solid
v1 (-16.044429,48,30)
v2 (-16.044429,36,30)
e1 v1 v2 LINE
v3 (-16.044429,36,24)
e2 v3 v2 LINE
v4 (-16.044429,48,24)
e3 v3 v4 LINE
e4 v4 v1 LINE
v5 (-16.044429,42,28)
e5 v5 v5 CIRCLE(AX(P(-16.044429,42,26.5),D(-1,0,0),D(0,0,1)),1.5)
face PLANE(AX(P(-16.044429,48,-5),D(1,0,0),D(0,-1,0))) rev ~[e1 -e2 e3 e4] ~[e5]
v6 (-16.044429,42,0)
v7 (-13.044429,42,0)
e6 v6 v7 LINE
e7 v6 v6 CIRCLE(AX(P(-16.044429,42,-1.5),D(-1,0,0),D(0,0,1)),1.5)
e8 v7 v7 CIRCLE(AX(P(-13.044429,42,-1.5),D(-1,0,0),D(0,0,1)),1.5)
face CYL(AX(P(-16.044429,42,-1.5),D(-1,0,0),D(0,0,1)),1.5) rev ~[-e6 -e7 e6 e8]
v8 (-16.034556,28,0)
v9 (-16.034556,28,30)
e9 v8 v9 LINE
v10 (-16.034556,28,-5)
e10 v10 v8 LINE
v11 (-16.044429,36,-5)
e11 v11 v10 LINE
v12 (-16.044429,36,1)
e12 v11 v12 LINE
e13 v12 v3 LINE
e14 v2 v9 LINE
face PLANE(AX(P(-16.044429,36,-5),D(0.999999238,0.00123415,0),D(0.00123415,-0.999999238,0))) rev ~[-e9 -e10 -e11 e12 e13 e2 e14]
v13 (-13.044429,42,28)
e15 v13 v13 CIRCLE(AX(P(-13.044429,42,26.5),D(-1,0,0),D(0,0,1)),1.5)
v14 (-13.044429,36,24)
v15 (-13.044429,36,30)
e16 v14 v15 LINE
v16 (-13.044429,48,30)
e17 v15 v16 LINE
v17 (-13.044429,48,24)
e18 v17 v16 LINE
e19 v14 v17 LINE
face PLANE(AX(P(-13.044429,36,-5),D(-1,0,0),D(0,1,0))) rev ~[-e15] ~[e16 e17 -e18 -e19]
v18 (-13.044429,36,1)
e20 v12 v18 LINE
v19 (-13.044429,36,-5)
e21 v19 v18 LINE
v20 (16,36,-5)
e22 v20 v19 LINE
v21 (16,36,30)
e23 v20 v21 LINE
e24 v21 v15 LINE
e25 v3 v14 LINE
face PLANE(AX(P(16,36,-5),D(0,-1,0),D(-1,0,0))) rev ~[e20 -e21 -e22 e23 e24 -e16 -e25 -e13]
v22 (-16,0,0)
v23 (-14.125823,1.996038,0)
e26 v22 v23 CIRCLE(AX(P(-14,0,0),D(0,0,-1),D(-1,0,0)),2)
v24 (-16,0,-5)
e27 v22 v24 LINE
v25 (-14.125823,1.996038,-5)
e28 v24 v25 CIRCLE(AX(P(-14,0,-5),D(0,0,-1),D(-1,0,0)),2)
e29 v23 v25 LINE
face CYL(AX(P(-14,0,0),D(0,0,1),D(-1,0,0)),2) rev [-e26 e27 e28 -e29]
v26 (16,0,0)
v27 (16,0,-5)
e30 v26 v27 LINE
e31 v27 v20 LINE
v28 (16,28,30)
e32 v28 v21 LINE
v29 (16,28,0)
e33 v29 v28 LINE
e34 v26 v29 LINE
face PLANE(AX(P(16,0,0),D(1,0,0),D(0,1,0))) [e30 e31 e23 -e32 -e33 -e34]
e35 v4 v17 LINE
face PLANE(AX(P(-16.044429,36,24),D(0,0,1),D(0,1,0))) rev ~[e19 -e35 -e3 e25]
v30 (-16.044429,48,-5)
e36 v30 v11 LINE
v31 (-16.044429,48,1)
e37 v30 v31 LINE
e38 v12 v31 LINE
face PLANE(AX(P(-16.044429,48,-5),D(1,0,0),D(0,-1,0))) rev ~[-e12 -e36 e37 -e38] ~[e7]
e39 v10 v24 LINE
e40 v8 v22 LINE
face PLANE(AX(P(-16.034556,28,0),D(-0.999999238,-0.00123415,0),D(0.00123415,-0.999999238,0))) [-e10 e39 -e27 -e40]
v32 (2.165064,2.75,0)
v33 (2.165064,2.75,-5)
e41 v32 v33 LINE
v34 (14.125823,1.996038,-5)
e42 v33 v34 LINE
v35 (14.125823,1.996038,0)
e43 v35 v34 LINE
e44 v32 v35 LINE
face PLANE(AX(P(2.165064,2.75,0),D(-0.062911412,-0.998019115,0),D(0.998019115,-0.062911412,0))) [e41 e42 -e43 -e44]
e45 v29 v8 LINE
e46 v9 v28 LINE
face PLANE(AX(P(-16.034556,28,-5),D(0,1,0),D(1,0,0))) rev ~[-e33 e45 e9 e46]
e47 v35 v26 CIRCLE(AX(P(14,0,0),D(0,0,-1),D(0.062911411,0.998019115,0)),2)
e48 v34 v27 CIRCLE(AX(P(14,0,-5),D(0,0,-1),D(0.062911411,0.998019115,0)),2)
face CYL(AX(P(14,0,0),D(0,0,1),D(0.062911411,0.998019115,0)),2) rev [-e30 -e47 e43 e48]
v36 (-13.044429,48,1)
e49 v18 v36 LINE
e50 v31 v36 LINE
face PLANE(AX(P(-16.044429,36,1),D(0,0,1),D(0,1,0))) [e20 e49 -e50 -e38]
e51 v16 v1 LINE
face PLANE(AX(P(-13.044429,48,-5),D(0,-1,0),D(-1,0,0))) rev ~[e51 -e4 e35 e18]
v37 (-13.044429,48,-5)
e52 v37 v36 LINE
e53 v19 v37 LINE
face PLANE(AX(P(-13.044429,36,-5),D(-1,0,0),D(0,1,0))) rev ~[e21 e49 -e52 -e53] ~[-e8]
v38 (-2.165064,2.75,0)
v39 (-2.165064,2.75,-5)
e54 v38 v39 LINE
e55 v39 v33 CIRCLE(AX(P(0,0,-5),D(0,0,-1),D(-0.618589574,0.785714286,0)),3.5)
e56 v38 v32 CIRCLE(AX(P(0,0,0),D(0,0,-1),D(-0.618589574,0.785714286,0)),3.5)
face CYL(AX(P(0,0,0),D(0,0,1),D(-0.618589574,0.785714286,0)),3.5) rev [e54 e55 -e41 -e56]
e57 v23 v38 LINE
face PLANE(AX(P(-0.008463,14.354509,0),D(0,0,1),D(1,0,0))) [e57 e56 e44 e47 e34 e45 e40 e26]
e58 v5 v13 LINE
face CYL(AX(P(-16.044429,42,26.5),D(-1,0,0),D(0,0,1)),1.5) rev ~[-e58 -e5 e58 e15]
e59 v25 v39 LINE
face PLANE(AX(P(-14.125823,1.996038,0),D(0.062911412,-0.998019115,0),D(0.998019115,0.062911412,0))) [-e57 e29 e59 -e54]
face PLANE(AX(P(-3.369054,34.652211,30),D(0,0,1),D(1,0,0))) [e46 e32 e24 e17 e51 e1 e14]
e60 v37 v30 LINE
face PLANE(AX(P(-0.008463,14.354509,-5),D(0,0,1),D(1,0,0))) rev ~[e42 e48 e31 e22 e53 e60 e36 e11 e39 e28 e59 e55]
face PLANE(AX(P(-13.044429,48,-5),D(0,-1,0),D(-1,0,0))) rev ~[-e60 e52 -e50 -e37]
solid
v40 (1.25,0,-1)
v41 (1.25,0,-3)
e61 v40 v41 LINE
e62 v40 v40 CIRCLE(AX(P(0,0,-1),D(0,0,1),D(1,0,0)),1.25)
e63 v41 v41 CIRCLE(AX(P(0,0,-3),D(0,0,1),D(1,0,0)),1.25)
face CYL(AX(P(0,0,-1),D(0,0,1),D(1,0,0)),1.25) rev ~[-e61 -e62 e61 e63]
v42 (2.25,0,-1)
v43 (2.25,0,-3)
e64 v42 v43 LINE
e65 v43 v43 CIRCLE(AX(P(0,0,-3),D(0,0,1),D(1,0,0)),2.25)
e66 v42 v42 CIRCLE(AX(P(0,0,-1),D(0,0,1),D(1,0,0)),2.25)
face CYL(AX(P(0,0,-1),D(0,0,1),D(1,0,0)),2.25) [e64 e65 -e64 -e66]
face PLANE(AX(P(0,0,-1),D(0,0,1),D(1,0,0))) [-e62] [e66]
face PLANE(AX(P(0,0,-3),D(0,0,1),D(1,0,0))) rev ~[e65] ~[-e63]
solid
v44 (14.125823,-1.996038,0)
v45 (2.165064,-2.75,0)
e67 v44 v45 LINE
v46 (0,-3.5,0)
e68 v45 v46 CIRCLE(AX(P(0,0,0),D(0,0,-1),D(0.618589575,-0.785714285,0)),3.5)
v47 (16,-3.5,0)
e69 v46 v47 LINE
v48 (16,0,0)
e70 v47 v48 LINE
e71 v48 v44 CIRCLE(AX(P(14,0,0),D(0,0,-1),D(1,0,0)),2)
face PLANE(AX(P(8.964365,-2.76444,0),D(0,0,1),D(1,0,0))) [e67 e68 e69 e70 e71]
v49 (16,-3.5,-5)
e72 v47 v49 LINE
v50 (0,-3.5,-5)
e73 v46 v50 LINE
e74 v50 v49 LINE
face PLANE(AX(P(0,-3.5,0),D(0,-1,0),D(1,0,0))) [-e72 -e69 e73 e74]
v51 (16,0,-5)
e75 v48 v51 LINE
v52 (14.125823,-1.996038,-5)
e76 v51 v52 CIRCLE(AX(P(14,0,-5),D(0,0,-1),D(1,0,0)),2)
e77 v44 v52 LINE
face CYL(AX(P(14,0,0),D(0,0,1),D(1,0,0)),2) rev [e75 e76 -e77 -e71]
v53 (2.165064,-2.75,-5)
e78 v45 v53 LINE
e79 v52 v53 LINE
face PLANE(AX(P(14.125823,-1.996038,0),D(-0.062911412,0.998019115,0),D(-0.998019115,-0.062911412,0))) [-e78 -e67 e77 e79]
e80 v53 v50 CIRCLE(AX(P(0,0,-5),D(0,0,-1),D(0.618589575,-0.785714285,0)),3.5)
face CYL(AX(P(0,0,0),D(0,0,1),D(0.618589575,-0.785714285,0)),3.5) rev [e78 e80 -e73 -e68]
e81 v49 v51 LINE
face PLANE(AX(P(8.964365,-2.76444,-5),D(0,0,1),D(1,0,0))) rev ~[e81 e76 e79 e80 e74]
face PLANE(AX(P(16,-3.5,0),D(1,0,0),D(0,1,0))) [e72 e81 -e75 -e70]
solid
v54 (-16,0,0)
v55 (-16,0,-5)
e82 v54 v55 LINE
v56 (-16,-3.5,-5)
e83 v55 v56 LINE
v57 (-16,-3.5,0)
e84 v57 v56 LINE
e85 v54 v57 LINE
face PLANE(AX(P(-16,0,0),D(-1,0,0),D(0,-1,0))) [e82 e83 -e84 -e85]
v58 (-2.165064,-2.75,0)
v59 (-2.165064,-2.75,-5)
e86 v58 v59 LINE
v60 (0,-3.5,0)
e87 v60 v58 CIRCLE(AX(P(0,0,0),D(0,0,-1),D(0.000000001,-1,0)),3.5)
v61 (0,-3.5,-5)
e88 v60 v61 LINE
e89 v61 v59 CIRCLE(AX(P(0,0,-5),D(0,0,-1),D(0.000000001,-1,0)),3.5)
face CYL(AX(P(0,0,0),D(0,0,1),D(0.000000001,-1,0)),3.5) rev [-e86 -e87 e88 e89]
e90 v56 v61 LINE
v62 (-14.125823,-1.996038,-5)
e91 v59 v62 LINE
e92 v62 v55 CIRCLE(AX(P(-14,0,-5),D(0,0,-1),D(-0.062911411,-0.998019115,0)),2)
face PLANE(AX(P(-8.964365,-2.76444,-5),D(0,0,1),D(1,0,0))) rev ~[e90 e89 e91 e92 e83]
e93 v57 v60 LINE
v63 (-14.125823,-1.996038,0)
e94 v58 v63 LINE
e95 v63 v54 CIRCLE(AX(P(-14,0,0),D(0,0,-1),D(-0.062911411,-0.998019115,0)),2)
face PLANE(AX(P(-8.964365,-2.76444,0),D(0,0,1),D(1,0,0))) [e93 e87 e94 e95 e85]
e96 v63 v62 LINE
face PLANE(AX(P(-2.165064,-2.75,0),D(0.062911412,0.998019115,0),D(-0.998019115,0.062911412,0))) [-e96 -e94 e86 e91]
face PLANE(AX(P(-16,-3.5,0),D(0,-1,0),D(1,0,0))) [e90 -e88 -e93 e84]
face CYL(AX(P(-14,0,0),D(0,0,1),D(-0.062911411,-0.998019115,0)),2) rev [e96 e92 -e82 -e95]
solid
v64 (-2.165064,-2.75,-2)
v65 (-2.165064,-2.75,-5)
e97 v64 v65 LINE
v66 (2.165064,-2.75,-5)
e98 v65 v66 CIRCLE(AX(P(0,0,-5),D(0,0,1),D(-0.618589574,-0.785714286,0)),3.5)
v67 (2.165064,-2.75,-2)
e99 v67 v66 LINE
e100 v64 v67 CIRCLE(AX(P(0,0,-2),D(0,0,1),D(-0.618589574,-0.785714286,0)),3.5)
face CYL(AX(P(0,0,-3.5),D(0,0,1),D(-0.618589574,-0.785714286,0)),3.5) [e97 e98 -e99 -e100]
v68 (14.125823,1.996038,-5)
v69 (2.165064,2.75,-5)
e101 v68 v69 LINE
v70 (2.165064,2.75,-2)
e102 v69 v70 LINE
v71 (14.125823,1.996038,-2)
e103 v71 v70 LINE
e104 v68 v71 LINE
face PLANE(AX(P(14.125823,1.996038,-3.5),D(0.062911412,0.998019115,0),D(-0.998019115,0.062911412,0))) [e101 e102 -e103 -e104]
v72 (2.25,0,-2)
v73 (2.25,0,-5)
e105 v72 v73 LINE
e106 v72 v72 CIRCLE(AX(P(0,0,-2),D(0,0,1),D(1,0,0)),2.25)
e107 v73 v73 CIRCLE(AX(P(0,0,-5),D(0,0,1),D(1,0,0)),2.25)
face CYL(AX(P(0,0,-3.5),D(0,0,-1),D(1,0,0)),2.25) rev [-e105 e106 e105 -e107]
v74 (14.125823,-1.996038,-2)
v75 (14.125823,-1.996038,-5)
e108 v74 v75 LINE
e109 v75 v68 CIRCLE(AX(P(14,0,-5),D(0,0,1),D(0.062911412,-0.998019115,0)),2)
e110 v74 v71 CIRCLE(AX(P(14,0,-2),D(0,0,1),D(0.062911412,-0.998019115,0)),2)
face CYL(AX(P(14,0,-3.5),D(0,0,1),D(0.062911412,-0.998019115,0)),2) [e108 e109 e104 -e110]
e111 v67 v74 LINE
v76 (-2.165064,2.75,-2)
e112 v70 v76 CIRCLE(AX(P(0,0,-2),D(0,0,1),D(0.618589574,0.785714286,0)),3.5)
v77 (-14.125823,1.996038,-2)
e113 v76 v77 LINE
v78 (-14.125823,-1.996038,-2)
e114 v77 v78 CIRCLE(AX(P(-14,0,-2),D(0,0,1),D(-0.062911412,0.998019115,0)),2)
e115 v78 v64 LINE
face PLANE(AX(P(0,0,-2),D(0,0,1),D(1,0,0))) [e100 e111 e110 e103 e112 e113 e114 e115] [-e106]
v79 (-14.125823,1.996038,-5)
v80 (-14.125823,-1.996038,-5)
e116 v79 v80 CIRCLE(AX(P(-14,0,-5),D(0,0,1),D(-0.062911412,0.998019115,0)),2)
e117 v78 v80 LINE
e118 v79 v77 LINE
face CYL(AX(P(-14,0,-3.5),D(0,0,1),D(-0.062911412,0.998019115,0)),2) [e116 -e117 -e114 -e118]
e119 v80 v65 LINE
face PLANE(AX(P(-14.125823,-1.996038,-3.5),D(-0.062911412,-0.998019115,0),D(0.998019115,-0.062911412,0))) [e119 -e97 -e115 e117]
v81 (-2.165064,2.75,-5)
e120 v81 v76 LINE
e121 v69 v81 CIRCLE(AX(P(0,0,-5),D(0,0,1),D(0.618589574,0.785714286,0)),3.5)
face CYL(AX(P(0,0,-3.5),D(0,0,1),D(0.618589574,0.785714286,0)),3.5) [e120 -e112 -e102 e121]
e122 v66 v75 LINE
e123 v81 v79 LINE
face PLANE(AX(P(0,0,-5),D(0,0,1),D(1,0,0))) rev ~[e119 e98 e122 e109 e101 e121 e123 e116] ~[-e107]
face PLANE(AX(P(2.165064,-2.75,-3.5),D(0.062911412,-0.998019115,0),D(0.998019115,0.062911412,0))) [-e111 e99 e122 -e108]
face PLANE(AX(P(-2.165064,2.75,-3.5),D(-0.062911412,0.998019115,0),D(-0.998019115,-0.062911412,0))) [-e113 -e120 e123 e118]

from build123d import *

# Parameters (mm, degrees)
BOSS_EXTRUDE29_DEPTH      = 30
BOSS_EXTRUDE29_DEPTH_BACK = 5
BOSS_EXTRUDE31_DEPTH      = 5
BOSS_EXTRUDE104_START     = -3.5
SKETCH1_23_R              = 2.25
BOSS_EXTRUDE104_DEPTH     = 1.5
BOSS_EXTRUDE105_START     = -1
SKETCH1_24_R              = 2.25
SKETCH1_24_R_2            = 1.25
BOSS_EXTRUDE105_DEPTH     = 2
SKETCH3_W                 = 23
SKETCH3_H                 = 12
CUT_EXTRUDE1_DEPTH        = 66.044949511
SKETCH4_R                 = 1.5
CUT_EXTRUDE2_DEPTH        = 66.044949511


with BuildPart() as part:
    # Sketch1 → Boss-Extrude29 (new, two sides: drawn at the far end of the back side and taken through both)
    with BuildSketch(Plane.XY.offset(-BOSS_EXTRUDE29_DEPTH_BACK)):
        Polygon((-16.034556216, 28), (16, 28), (16, 36), (-13.044429421, 36), (-13.044429421, 48), (-16.044429421, 48), (-16.044429421, 36), align=None)
    extrude(amount=BOSS_EXTRUDE29_DEPTH + BOSS_EXTRUDE29_DEPTH_BACK)

    # Sketch1<12> → Boss-Extrude31 (add)
    with BuildSketch(Plane.XY):
        with BuildLine():
            ThreePointArc((14.125822824, 1.99603823), (15.458020173, 1.369005908), (16, 0))
            Line((16, 0), (16, 28))
            Line((16, 28), (-16.034556216, 28))
            Line((-16.034556216, 28), (-16, 0))
            ThreePointArc((-16, 0), (-15.458020173, 1.369005908), (-14.125822824, 1.99603823))
            Line((-14.125822824, 1.99603823), (-2.165063509, 2.75))
            ThreePointArc((-2.165063509, 2.75), (0, 3.5), (2.165063509, 2.75))
            Line((2.165063509, 2.75), (14.125822824, 1.99603823))
        make_face()
        with BuildLine():
            Line((16, -3.5), (16, 0))
            ThreePointArc((16, 0), (15.458020173, -1.369005908), (14.125822824, -1.99603823))
            Line((14.125822824, -1.99603823), (2.165063509, -2.75))
            ThreePointArc((2.165063509, -2.75), (1.145643924, -3.307189139), (0, -3.5))
            Line((0, -3.5), (16, -3.5))
        make_face()
        with BuildLine():
            Line((-16, -3.5), (0, -3.5))
            ThreePointArc((0, -3.5), (-1.145643924, -3.307189139), (-2.165063509, -2.75))
            Line((-2.165063509, -2.75), (-14.125822824, -1.99603823))
            ThreePointArc((-14.125822824, -1.99603823), (-15.458020173, -1.369005908), (-16, 0))
            Line((-16, 0), (-16, -3.5))
        make_face()
    extrude(amount=-BOSS_EXTRUDE31_DEPTH)


with BuildPart() as boss_extrude31_piece_1:
    # of the separate pieces the step leaves, piece 1, a body of its own (boss_extrude31_pieces)
    add(part.part.solids().sort_by_distance((-16.034556216, 28, 30))[0])

    # Sketch3 → Cut-Extrude1 (cut, through all)
    with BuildSketch(Plane.ZY.offset(16.044429421)):
        with Locations((12.5, 42)):
            Rectangle(SKETCH3_W, SKETCH3_H)
    extrude(amount=-CUT_EXTRUDE1_DEPTH, mode=Mode.SUBTRACT)

    # Sketch4 → Cut-Extrude2 (cut, through all)
    with BuildSketch(Plane.ZY.offset(16.044429421)):
        with Locations((-1.5, 42)):
            Circle(SKETCH4_R)
        with Locations((26.5, 42)):
            Circle(SKETCH4_R)
    extrude(amount=-CUT_EXTRUDE2_DEPTH, mode=Mode.SUBTRACT)


with BuildPart() as boss_extrude31_piece_2:
    # of the separate pieces the step leaves, piece 2, a body of its own (boss_extrude31_pieces)
    add(part.part.solids().sort_by_distance((16, -3.5, 0))[0])


with BuildPart() as boss_extrude31_piece_3:
    # of the separate pieces the step leaves, piece 3, a body of its own (boss_extrude31_pieces)
    add(part.part.solids().sort_by_distance((-16, -3.5, 0))[0])


with BuildPart() as body_4:
    # Sketch1<23> → Boss-Extrude104 (new, symmetric)
    with BuildSketch(Plane.XY.offset(BOSS_EXTRUDE104_START)):
        with BuildLine():
            ThreePointArc((14.125822824, -1.99603823), (16, 0), (14.125822824, 1.99603823))
            Line((14.125822824, 1.99603823), (2.165063509, 2.75))
            ThreePointArc((2.165063509, 2.75), (0, 3.5), (-2.165063509, 2.75))
            Line((-2.165063509, 2.75), (-14.125822824, 1.99603823))
            ThreePointArc((-14.125822824, 1.99603823), (-16, 0), (-14.125822824, -1.99603823))
            Line((-14.125822824, -1.99603823), (-2.165063509, -2.75))
            ThreePointArc((-2.165063509, -2.75), (0, -3.5), (2.165063509, -2.75))
            Line((2.165063509, -2.75), (14.125822824, -1.99603823))
        make_face()
        Circle(SKETCH1_23_R, mode=Mode.SUBTRACT)
    extrude(amount=BOSS_EXTRUDE104_DEPTH, both=True)


with BuildPart() as body_5:
    # Sketch1<24> → Boss-Extrude105 (new body)
    with BuildSketch(Plane.XY.offset(BOSS_EXTRUDE105_START)):
        Circle(SKETCH1_24_R)
        Circle(SKETCH1_24_R_2, mode=Mode.SUBTRACT)
    extrude(amount=-BOSS_EXTRUDE105_DEPTH)


solid = Compound([boss_extrude31_piece_1.part, boss_extrude31_piece_2.part, boss_extrude31_piece_3.part, body_4.part, body_5.part])
